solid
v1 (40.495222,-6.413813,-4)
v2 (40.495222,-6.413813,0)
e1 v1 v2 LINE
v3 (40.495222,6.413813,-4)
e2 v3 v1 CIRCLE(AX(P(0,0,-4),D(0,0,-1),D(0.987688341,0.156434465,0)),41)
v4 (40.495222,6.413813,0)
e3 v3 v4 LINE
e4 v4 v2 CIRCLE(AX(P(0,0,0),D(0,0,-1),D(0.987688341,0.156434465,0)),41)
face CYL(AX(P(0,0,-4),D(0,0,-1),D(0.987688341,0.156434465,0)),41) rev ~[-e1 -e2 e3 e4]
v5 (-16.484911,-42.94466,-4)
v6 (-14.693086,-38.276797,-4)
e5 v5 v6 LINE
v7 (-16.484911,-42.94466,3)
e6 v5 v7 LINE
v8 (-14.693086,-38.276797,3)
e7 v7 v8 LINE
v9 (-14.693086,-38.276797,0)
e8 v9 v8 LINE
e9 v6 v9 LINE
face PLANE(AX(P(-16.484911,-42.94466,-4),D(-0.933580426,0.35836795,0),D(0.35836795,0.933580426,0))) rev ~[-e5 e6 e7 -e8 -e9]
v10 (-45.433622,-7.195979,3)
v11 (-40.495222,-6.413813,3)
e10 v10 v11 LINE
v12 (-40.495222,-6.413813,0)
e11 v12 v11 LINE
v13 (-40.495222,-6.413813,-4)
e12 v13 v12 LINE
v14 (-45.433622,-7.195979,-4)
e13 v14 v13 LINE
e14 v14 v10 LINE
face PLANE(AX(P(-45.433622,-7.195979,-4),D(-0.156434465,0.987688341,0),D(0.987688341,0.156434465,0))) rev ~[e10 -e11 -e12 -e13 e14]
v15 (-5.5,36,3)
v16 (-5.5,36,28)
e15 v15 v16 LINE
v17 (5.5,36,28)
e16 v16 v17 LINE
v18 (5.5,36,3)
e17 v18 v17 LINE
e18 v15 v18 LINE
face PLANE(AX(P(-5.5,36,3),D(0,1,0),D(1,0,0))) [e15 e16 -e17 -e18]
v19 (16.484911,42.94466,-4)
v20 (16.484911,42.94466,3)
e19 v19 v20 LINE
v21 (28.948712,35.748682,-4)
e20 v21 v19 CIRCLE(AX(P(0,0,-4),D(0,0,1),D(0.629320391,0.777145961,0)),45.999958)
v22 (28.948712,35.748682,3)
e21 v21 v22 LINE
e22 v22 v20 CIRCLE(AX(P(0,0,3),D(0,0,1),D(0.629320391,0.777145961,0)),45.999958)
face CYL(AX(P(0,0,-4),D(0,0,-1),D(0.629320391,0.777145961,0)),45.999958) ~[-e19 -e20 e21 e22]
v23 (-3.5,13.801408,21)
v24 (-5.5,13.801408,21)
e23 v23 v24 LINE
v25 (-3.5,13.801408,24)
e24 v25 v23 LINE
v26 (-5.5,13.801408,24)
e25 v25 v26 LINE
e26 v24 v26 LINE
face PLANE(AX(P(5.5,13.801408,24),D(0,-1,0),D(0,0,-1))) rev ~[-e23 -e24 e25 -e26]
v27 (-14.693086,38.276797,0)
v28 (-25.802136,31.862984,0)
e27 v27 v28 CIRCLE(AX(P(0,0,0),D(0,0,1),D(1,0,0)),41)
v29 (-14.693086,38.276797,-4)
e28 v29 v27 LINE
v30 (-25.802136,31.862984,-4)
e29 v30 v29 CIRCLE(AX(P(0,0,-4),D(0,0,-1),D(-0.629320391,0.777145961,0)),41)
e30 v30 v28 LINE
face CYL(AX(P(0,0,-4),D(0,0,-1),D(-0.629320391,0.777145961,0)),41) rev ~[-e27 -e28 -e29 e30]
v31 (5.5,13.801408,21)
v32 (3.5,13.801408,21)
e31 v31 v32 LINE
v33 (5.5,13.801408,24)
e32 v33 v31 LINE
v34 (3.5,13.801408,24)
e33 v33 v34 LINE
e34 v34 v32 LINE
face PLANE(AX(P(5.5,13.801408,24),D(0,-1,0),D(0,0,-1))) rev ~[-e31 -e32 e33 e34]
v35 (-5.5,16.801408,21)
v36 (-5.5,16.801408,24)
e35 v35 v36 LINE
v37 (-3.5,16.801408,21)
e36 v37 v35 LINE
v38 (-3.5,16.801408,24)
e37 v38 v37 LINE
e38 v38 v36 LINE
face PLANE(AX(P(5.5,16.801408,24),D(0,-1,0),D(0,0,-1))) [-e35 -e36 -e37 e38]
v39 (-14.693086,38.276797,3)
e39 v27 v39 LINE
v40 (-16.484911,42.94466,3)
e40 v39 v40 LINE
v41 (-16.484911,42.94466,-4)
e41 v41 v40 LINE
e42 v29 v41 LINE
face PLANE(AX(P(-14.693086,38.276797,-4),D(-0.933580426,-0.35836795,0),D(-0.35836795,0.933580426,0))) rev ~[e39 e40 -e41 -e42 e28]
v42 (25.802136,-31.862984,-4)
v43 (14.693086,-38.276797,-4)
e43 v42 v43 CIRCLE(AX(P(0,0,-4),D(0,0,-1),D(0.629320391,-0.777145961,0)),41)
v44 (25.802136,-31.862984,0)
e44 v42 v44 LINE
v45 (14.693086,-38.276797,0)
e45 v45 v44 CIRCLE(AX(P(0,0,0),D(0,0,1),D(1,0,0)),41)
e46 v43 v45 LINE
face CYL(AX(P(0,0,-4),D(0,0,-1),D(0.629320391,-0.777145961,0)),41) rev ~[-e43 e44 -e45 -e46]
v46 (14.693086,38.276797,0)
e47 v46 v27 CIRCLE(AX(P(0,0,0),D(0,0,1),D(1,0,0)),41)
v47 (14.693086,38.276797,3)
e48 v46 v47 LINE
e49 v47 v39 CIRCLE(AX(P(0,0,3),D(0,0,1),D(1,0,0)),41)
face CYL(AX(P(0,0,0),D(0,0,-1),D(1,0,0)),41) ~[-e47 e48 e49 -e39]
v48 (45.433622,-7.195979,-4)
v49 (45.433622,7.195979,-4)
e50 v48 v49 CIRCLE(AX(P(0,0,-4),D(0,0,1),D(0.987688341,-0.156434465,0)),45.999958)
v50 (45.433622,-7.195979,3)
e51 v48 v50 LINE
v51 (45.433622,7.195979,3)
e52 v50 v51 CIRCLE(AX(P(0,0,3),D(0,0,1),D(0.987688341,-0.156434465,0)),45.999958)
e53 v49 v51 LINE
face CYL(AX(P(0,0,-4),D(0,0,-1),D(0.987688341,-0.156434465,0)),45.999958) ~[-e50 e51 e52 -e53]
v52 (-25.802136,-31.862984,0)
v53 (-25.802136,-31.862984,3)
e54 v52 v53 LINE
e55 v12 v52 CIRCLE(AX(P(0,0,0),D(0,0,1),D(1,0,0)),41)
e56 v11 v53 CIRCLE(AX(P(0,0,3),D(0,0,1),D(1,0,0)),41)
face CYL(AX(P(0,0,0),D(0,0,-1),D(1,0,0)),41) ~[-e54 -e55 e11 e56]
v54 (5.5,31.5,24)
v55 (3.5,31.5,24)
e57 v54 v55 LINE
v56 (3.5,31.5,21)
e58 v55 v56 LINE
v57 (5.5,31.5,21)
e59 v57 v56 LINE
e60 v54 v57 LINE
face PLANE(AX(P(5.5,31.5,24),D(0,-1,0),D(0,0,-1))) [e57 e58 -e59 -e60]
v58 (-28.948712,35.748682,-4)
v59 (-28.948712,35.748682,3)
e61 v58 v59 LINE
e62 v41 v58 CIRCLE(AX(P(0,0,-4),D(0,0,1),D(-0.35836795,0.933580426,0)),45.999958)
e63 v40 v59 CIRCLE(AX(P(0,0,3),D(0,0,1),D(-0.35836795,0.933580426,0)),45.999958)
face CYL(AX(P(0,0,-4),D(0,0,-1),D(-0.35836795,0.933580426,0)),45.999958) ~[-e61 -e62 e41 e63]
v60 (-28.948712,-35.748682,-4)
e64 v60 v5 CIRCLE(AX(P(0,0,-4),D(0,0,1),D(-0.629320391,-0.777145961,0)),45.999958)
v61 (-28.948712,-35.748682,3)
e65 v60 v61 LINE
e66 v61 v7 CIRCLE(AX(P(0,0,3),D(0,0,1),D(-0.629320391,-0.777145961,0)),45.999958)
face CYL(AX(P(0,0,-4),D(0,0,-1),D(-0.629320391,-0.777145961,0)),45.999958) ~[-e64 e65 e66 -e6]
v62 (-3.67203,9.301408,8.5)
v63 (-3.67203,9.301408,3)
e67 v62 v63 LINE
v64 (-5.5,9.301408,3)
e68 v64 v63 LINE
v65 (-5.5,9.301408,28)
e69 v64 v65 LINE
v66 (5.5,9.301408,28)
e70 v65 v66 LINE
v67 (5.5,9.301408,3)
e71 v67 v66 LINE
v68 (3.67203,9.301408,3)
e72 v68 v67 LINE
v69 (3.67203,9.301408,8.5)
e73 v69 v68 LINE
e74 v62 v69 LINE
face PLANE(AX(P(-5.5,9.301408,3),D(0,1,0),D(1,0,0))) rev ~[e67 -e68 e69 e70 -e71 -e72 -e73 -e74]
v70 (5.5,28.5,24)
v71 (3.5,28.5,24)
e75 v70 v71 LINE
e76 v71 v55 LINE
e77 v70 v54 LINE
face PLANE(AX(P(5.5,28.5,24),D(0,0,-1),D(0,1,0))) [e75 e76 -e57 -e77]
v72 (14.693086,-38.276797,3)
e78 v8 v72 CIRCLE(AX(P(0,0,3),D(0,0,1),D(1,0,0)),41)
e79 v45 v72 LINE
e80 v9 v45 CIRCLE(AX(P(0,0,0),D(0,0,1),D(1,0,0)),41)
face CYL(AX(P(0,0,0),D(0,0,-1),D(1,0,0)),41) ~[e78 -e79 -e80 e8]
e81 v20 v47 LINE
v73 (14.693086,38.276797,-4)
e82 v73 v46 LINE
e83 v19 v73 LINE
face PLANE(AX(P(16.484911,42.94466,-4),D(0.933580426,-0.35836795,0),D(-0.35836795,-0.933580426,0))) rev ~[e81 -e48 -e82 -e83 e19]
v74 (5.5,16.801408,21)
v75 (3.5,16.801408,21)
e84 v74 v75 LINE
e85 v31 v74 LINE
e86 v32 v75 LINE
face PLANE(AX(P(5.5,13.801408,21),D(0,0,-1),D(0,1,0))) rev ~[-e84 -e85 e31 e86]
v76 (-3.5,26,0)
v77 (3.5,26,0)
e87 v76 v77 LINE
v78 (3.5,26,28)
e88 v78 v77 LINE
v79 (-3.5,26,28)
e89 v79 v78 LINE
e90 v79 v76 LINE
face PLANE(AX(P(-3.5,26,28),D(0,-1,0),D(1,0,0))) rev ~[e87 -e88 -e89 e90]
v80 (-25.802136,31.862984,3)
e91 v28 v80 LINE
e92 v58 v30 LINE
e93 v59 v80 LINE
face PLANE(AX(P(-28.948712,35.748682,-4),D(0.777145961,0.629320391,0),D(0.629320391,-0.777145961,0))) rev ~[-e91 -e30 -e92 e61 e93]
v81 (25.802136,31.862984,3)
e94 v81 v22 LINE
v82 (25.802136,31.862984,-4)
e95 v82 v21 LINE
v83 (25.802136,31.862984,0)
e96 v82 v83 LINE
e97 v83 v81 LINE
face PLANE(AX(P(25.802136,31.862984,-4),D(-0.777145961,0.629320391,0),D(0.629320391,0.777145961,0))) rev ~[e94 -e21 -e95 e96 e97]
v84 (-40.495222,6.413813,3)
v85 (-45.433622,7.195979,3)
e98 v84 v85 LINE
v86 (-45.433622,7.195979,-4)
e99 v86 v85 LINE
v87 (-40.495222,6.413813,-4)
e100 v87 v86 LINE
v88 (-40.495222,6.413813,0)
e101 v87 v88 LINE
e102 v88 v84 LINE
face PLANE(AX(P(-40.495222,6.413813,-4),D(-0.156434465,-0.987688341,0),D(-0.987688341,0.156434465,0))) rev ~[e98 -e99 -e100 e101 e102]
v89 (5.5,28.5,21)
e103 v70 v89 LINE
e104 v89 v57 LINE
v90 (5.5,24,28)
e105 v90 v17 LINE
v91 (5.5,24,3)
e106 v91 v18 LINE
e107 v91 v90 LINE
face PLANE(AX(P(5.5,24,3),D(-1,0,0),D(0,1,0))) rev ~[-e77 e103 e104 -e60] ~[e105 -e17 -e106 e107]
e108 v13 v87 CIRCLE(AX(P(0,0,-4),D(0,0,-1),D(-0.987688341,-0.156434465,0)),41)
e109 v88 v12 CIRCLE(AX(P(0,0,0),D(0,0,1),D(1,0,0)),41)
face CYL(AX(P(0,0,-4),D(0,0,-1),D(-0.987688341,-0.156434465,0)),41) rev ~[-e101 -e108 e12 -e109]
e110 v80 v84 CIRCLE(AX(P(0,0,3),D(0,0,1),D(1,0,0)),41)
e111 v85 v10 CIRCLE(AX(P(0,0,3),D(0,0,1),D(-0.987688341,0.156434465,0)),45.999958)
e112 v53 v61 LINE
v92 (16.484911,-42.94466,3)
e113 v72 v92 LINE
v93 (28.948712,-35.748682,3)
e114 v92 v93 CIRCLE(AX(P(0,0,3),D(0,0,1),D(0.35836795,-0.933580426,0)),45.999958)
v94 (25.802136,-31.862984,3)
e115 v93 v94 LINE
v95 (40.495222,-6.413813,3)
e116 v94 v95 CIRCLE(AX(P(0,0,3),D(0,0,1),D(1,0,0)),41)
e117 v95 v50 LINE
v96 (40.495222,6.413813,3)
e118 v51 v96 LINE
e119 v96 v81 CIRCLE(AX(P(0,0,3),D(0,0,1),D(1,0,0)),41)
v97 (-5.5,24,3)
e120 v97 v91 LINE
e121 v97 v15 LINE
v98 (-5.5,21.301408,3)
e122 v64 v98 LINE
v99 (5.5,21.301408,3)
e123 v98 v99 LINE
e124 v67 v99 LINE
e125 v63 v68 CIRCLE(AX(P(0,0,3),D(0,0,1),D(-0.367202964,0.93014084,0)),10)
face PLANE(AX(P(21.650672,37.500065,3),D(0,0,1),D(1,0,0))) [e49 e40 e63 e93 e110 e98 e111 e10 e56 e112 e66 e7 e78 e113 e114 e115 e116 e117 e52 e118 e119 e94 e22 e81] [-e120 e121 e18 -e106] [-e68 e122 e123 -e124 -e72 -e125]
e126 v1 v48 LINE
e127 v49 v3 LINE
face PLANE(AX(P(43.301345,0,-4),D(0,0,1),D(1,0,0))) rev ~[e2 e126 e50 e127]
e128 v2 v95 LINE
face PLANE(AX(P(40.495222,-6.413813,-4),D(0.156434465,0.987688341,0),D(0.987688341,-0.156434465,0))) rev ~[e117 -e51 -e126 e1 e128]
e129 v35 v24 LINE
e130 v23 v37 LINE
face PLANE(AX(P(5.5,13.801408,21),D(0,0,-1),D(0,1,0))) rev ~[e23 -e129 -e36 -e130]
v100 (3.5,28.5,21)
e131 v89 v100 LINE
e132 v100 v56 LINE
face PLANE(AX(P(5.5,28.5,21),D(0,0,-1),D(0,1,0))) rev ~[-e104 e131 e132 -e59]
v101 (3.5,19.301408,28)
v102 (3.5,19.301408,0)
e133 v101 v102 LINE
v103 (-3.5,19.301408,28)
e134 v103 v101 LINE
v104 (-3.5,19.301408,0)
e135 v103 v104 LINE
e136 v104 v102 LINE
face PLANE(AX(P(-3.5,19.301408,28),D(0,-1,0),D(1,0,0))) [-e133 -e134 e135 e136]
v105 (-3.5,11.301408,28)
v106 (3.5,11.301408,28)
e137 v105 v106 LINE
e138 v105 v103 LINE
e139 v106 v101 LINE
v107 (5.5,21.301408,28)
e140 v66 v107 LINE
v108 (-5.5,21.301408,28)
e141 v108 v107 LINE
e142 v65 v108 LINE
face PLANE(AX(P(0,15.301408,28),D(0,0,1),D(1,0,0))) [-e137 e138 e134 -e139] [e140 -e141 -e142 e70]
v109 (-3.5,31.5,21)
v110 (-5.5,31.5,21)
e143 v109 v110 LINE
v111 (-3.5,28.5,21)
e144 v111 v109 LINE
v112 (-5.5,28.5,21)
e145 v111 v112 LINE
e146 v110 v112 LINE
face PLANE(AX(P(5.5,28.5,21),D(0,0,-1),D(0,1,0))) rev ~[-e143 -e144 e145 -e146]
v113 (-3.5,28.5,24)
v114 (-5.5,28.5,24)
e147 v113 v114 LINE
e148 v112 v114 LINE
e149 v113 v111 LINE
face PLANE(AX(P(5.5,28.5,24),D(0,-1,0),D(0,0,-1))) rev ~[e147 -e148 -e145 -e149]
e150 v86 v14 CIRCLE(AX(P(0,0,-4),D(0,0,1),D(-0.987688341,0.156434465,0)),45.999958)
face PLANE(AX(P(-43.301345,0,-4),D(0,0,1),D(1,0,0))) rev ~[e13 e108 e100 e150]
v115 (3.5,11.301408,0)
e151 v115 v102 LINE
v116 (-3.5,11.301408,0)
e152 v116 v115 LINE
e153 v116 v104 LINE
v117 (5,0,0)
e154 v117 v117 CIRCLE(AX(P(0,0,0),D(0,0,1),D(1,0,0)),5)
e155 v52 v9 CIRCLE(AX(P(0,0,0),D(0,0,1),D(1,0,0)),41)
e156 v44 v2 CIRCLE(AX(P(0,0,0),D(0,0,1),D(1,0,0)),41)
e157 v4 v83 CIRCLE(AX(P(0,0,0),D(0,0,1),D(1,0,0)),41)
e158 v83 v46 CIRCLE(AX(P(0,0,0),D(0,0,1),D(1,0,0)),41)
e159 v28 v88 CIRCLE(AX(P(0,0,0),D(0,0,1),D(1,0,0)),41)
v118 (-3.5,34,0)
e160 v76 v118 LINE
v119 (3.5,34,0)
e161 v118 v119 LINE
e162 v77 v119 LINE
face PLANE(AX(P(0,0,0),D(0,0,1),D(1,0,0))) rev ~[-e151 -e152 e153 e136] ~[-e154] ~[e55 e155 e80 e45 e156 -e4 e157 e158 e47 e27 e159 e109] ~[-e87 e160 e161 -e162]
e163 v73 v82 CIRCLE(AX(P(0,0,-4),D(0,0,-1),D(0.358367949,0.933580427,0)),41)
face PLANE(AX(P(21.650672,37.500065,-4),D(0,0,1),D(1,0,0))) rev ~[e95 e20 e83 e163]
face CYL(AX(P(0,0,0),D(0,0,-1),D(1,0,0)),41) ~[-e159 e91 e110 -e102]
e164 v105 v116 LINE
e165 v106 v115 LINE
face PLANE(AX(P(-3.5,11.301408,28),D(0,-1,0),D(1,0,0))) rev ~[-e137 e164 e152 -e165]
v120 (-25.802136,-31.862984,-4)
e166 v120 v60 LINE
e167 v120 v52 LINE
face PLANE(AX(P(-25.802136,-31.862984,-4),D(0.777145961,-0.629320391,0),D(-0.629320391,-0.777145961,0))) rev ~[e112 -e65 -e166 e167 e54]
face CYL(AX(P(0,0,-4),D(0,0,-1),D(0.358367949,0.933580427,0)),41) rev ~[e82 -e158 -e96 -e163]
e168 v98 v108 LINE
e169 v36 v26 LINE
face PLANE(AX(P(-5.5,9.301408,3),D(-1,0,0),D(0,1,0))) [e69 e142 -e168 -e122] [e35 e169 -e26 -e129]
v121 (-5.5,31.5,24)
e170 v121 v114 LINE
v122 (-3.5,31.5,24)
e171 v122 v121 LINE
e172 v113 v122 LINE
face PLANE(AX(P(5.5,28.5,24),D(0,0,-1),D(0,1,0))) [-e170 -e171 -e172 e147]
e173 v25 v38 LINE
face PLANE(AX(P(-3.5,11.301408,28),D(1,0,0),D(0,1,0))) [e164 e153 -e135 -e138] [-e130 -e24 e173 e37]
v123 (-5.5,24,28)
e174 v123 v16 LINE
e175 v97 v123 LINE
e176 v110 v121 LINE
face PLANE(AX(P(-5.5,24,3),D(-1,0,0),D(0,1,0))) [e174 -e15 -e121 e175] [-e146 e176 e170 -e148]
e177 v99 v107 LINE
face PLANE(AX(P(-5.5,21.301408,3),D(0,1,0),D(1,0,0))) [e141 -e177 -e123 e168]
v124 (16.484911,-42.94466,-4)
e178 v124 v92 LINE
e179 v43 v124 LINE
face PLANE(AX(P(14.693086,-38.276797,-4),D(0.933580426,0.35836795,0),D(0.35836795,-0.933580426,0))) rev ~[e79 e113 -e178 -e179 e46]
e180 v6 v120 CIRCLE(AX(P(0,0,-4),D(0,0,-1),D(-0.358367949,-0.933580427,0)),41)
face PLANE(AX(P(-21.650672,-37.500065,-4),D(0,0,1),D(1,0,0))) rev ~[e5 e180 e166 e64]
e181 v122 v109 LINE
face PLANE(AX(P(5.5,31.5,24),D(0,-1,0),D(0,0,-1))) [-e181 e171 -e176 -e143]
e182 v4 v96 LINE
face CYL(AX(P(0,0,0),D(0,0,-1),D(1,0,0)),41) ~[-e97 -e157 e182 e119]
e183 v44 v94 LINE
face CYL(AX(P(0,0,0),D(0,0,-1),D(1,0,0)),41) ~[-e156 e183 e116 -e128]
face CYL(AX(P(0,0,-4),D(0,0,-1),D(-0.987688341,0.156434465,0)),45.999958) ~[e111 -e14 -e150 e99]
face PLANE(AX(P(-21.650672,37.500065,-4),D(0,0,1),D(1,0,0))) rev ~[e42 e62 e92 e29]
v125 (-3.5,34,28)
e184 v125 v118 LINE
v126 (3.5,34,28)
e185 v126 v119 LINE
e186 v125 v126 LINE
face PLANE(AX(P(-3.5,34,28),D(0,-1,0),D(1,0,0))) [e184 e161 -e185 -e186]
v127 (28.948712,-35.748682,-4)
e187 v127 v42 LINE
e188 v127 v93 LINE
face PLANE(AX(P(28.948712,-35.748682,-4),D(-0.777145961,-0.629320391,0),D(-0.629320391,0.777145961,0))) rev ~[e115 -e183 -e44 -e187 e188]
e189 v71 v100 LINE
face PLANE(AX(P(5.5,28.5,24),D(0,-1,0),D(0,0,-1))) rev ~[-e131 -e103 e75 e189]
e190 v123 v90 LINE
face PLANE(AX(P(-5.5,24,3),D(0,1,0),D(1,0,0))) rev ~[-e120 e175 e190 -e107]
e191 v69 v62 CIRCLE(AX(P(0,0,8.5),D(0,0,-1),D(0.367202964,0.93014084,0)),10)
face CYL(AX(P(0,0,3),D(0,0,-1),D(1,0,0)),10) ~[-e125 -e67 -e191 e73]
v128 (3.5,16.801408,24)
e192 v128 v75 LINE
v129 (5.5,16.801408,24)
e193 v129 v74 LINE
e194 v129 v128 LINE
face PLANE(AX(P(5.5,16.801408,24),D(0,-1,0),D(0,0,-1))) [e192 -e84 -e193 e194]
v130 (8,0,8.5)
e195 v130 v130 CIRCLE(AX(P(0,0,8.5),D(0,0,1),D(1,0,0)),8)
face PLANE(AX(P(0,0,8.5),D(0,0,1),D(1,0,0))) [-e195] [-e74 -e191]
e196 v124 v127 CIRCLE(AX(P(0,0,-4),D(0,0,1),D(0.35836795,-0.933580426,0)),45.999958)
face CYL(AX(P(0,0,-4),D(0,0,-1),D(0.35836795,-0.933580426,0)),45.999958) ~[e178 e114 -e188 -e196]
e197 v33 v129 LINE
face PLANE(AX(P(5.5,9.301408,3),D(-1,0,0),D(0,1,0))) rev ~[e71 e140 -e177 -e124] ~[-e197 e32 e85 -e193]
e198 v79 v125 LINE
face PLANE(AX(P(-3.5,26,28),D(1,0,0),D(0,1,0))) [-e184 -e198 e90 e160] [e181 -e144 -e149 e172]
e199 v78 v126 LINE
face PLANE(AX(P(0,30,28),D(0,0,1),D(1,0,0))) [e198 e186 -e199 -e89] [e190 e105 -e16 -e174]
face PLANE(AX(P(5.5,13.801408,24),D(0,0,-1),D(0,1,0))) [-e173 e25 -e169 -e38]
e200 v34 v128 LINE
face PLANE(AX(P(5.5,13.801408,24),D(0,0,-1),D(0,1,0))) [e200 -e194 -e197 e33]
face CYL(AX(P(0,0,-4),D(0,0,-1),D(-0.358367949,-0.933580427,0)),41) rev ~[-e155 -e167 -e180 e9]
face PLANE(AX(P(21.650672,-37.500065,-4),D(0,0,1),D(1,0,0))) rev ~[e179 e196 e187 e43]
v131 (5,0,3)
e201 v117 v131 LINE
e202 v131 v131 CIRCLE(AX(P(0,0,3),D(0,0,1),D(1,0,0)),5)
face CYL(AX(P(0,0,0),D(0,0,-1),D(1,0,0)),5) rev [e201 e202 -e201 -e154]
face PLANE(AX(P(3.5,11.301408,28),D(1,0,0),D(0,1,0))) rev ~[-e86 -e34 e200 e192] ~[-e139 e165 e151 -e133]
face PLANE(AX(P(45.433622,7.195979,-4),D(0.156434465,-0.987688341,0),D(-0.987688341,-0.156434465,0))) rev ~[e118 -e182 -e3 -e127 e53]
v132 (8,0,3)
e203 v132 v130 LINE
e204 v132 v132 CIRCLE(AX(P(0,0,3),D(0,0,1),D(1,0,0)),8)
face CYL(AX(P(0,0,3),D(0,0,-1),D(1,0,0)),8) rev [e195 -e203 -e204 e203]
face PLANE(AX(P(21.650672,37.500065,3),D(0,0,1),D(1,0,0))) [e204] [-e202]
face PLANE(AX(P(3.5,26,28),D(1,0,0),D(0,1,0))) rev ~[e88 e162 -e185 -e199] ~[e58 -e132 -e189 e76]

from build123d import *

# Parameters (mm, degrees)
SKETCH1_R           = 41
SKETCH1_R_2         = 5
BOSS_EXTRUDE1_DEPTH = 3
SKETCH2_W           = 11
SKETCH2_H           = 12
BOSS_EXTRUDE2_DEPTH = 25
SKETCH3_W           = 7
SKETCH3_H           = 8
CUT_EXTRUDE1_DEPTH  = 65.389440128
SKETCH4_W           = 3
SKETCH4_H           = 3
CUT_EXTRUDE2_DEPTH  = 69.023892861
BOSS_EXTRUDE3_START = -7
BOSS_EXTRUDE3_DEPTH = 7
SKETCH6_R           = 10
SKETCH6_R_2         = 8
BOSS_EXTRUDE4_DEPTH = 5.5


with BuildPart() as part:
    # Sketch1 → Boss-Extrude1 (new body)
    with BuildSketch(Plane.XY):
        Circle(SKETCH1_R)
        Circle(SKETCH1_R_2, mode=Mode.SUBTRACT)
    extrude(amount=BOSS_EXTRUDE1_DEPTH)

    # Sketch2 → Boss-Extrude2 (add)
    with BuildSketch(Plane.XY.offset(3)):
        with Locations((0, 30)):
            Rectangle(SKETCH2_W, SKETCH2_H)
        with Locations((0, 15.301408404)):
            Rectangle(SKETCH2_W, SKETCH2_H)
    extrude(amount=BOSS_EXTRUDE2_DEPTH)

    # Sketch3 → Cut-Extrude1 (cut, through all)
    with BuildSketch(Plane.XY.offset(28)):
        with Locations((0, 30)):
            Rectangle(SKETCH3_W, SKETCH3_H)
        with Locations((0, 15.301408404)):
            Rectangle(SKETCH3_W, SKETCH3_H)
    extrude(amount=-CUT_EXTRUDE1_DEPTH, mode=Mode.SUBTRACT)

    # Sketch4 → Cut-Extrude2 (cut, through all)
    with BuildSketch(Plane(origin=(5.5, 0, 0), x_dir=(0, 0, -1), z_dir=(1, 0, 0))):
        with Locations((-22.5, 15.301408404)):
            Rectangle(SKETCH4_W, SKETCH4_H)
        with Locations((-22.5, 30)):
            Rectangle(SKETCH4_W, SKETCH4_H)
    extrude(amount=-CUT_EXTRUDE2_DEPTH, mode=Mode.SUBTRACT)

    # Sketch5 → Boss-Extrude3 (add)
    with BuildSketch(Plane.XY.offset(3).offset(BOSS_EXTRUDE3_START)):
        with BuildLine():
            Line((16.484910619, 42.944660385), (14.693085931, 38.276797486))
            ThreePointArc((14.693085931, 38.276797486), (20.5, 35.507041555), (25.802136033, 31.86298442))
            Line((25.802136033, 31.86298442), (28.948711541, 35.748681567))
            ThreePointArc((28.948711541, 35.748681567), (22.999978988, 39.837132179), (16.484910619, 42.944660385))
        make_face()
        with BuildLine():
            Line((45.43362216, 7.195978818), (40.495221964, 6.413813067))
            ThreePointArc((40.495221964, 6.413813067), (41, 0), (40.495221964, -6.413813067))
            Line((40.495221964, -6.413813067), (45.43362216, -7.195978818))
            ThreePointArc((45.43362216, -7.195978818), (45.999957975, 0), (45.43362216, 7.195978818))
        make_face()
        with BuildLine():
            Line((28.948711541, -35.748681567), (25.802136033, -31.86298442))
            ThreePointArc((25.802136033, -31.86298442), (20.5, -35.507041555), (14.693085931, -38.276797486))
            Line((14.693085931, -38.276797486), (16.484910619, -42.944660385))
            ThreePointArc((16.484910619, -42.944660385), (22.999978988, -39.837132179), (28.948711541, -35.748681567))
        make_face()
        with BuildLine():
            Line((-16.484910619, -42.944660385), (-14.693085931, -38.276797486))
            ThreePointArc((-14.693085931, -38.276797486), (-20.5, -35.507041555), (-25.802136033, -31.86298442))
            Line((-25.802136033, -31.86298442), (-28.948711541, -35.748681567))
            ThreePointArc((-28.948711541, -35.748681567), (-22.999978988, -39.837132179), (-16.484910619, -42.944660385))
        make_face()
        with BuildLine():
            Line((-45.43362216, -7.195978818), (-40.495221964, -6.413813067))
            ThreePointArc((-40.495221964, -6.413813067), (-41, 0), (-40.495221964, 6.413813067))
            Line((-40.495221964, 6.413813067), (-45.43362216, 7.195978818))
            ThreePointArc((-45.43362216, 7.195978818), (-45.999957975, 0), (-45.43362216, -7.195978818))
        make_face()
        with BuildLine():
            Line((-28.948711541, 35.748681567), (-25.802136033, 31.86298442))
            ThreePointArc((-25.802136033, 31.86298442), (-20.5, 35.507041555), (-14.693085931, 38.276797486))
            Line((-14.693085931, 38.276797486), (-16.484910619, 42.944660385))
            ThreePointArc((-16.484910619, 42.944660385), (-22.999978988, 39.837132179), (-28.948711541, 35.748681567))
        make_face()
    extrude(amount=BOSS_EXTRUDE3_DEPTH)

    # Sketch6 → Boss-Extrude4 (add)
    with BuildSketch(Plane.XY.offset(3)):
        Circle(SKETCH6_R)
        Circle(SKETCH6_R_2, mode=Mode.SUBTRACT)
    extrude(amount=BOSS_EXTRUDE4_DEPTH)


solid = part.part
